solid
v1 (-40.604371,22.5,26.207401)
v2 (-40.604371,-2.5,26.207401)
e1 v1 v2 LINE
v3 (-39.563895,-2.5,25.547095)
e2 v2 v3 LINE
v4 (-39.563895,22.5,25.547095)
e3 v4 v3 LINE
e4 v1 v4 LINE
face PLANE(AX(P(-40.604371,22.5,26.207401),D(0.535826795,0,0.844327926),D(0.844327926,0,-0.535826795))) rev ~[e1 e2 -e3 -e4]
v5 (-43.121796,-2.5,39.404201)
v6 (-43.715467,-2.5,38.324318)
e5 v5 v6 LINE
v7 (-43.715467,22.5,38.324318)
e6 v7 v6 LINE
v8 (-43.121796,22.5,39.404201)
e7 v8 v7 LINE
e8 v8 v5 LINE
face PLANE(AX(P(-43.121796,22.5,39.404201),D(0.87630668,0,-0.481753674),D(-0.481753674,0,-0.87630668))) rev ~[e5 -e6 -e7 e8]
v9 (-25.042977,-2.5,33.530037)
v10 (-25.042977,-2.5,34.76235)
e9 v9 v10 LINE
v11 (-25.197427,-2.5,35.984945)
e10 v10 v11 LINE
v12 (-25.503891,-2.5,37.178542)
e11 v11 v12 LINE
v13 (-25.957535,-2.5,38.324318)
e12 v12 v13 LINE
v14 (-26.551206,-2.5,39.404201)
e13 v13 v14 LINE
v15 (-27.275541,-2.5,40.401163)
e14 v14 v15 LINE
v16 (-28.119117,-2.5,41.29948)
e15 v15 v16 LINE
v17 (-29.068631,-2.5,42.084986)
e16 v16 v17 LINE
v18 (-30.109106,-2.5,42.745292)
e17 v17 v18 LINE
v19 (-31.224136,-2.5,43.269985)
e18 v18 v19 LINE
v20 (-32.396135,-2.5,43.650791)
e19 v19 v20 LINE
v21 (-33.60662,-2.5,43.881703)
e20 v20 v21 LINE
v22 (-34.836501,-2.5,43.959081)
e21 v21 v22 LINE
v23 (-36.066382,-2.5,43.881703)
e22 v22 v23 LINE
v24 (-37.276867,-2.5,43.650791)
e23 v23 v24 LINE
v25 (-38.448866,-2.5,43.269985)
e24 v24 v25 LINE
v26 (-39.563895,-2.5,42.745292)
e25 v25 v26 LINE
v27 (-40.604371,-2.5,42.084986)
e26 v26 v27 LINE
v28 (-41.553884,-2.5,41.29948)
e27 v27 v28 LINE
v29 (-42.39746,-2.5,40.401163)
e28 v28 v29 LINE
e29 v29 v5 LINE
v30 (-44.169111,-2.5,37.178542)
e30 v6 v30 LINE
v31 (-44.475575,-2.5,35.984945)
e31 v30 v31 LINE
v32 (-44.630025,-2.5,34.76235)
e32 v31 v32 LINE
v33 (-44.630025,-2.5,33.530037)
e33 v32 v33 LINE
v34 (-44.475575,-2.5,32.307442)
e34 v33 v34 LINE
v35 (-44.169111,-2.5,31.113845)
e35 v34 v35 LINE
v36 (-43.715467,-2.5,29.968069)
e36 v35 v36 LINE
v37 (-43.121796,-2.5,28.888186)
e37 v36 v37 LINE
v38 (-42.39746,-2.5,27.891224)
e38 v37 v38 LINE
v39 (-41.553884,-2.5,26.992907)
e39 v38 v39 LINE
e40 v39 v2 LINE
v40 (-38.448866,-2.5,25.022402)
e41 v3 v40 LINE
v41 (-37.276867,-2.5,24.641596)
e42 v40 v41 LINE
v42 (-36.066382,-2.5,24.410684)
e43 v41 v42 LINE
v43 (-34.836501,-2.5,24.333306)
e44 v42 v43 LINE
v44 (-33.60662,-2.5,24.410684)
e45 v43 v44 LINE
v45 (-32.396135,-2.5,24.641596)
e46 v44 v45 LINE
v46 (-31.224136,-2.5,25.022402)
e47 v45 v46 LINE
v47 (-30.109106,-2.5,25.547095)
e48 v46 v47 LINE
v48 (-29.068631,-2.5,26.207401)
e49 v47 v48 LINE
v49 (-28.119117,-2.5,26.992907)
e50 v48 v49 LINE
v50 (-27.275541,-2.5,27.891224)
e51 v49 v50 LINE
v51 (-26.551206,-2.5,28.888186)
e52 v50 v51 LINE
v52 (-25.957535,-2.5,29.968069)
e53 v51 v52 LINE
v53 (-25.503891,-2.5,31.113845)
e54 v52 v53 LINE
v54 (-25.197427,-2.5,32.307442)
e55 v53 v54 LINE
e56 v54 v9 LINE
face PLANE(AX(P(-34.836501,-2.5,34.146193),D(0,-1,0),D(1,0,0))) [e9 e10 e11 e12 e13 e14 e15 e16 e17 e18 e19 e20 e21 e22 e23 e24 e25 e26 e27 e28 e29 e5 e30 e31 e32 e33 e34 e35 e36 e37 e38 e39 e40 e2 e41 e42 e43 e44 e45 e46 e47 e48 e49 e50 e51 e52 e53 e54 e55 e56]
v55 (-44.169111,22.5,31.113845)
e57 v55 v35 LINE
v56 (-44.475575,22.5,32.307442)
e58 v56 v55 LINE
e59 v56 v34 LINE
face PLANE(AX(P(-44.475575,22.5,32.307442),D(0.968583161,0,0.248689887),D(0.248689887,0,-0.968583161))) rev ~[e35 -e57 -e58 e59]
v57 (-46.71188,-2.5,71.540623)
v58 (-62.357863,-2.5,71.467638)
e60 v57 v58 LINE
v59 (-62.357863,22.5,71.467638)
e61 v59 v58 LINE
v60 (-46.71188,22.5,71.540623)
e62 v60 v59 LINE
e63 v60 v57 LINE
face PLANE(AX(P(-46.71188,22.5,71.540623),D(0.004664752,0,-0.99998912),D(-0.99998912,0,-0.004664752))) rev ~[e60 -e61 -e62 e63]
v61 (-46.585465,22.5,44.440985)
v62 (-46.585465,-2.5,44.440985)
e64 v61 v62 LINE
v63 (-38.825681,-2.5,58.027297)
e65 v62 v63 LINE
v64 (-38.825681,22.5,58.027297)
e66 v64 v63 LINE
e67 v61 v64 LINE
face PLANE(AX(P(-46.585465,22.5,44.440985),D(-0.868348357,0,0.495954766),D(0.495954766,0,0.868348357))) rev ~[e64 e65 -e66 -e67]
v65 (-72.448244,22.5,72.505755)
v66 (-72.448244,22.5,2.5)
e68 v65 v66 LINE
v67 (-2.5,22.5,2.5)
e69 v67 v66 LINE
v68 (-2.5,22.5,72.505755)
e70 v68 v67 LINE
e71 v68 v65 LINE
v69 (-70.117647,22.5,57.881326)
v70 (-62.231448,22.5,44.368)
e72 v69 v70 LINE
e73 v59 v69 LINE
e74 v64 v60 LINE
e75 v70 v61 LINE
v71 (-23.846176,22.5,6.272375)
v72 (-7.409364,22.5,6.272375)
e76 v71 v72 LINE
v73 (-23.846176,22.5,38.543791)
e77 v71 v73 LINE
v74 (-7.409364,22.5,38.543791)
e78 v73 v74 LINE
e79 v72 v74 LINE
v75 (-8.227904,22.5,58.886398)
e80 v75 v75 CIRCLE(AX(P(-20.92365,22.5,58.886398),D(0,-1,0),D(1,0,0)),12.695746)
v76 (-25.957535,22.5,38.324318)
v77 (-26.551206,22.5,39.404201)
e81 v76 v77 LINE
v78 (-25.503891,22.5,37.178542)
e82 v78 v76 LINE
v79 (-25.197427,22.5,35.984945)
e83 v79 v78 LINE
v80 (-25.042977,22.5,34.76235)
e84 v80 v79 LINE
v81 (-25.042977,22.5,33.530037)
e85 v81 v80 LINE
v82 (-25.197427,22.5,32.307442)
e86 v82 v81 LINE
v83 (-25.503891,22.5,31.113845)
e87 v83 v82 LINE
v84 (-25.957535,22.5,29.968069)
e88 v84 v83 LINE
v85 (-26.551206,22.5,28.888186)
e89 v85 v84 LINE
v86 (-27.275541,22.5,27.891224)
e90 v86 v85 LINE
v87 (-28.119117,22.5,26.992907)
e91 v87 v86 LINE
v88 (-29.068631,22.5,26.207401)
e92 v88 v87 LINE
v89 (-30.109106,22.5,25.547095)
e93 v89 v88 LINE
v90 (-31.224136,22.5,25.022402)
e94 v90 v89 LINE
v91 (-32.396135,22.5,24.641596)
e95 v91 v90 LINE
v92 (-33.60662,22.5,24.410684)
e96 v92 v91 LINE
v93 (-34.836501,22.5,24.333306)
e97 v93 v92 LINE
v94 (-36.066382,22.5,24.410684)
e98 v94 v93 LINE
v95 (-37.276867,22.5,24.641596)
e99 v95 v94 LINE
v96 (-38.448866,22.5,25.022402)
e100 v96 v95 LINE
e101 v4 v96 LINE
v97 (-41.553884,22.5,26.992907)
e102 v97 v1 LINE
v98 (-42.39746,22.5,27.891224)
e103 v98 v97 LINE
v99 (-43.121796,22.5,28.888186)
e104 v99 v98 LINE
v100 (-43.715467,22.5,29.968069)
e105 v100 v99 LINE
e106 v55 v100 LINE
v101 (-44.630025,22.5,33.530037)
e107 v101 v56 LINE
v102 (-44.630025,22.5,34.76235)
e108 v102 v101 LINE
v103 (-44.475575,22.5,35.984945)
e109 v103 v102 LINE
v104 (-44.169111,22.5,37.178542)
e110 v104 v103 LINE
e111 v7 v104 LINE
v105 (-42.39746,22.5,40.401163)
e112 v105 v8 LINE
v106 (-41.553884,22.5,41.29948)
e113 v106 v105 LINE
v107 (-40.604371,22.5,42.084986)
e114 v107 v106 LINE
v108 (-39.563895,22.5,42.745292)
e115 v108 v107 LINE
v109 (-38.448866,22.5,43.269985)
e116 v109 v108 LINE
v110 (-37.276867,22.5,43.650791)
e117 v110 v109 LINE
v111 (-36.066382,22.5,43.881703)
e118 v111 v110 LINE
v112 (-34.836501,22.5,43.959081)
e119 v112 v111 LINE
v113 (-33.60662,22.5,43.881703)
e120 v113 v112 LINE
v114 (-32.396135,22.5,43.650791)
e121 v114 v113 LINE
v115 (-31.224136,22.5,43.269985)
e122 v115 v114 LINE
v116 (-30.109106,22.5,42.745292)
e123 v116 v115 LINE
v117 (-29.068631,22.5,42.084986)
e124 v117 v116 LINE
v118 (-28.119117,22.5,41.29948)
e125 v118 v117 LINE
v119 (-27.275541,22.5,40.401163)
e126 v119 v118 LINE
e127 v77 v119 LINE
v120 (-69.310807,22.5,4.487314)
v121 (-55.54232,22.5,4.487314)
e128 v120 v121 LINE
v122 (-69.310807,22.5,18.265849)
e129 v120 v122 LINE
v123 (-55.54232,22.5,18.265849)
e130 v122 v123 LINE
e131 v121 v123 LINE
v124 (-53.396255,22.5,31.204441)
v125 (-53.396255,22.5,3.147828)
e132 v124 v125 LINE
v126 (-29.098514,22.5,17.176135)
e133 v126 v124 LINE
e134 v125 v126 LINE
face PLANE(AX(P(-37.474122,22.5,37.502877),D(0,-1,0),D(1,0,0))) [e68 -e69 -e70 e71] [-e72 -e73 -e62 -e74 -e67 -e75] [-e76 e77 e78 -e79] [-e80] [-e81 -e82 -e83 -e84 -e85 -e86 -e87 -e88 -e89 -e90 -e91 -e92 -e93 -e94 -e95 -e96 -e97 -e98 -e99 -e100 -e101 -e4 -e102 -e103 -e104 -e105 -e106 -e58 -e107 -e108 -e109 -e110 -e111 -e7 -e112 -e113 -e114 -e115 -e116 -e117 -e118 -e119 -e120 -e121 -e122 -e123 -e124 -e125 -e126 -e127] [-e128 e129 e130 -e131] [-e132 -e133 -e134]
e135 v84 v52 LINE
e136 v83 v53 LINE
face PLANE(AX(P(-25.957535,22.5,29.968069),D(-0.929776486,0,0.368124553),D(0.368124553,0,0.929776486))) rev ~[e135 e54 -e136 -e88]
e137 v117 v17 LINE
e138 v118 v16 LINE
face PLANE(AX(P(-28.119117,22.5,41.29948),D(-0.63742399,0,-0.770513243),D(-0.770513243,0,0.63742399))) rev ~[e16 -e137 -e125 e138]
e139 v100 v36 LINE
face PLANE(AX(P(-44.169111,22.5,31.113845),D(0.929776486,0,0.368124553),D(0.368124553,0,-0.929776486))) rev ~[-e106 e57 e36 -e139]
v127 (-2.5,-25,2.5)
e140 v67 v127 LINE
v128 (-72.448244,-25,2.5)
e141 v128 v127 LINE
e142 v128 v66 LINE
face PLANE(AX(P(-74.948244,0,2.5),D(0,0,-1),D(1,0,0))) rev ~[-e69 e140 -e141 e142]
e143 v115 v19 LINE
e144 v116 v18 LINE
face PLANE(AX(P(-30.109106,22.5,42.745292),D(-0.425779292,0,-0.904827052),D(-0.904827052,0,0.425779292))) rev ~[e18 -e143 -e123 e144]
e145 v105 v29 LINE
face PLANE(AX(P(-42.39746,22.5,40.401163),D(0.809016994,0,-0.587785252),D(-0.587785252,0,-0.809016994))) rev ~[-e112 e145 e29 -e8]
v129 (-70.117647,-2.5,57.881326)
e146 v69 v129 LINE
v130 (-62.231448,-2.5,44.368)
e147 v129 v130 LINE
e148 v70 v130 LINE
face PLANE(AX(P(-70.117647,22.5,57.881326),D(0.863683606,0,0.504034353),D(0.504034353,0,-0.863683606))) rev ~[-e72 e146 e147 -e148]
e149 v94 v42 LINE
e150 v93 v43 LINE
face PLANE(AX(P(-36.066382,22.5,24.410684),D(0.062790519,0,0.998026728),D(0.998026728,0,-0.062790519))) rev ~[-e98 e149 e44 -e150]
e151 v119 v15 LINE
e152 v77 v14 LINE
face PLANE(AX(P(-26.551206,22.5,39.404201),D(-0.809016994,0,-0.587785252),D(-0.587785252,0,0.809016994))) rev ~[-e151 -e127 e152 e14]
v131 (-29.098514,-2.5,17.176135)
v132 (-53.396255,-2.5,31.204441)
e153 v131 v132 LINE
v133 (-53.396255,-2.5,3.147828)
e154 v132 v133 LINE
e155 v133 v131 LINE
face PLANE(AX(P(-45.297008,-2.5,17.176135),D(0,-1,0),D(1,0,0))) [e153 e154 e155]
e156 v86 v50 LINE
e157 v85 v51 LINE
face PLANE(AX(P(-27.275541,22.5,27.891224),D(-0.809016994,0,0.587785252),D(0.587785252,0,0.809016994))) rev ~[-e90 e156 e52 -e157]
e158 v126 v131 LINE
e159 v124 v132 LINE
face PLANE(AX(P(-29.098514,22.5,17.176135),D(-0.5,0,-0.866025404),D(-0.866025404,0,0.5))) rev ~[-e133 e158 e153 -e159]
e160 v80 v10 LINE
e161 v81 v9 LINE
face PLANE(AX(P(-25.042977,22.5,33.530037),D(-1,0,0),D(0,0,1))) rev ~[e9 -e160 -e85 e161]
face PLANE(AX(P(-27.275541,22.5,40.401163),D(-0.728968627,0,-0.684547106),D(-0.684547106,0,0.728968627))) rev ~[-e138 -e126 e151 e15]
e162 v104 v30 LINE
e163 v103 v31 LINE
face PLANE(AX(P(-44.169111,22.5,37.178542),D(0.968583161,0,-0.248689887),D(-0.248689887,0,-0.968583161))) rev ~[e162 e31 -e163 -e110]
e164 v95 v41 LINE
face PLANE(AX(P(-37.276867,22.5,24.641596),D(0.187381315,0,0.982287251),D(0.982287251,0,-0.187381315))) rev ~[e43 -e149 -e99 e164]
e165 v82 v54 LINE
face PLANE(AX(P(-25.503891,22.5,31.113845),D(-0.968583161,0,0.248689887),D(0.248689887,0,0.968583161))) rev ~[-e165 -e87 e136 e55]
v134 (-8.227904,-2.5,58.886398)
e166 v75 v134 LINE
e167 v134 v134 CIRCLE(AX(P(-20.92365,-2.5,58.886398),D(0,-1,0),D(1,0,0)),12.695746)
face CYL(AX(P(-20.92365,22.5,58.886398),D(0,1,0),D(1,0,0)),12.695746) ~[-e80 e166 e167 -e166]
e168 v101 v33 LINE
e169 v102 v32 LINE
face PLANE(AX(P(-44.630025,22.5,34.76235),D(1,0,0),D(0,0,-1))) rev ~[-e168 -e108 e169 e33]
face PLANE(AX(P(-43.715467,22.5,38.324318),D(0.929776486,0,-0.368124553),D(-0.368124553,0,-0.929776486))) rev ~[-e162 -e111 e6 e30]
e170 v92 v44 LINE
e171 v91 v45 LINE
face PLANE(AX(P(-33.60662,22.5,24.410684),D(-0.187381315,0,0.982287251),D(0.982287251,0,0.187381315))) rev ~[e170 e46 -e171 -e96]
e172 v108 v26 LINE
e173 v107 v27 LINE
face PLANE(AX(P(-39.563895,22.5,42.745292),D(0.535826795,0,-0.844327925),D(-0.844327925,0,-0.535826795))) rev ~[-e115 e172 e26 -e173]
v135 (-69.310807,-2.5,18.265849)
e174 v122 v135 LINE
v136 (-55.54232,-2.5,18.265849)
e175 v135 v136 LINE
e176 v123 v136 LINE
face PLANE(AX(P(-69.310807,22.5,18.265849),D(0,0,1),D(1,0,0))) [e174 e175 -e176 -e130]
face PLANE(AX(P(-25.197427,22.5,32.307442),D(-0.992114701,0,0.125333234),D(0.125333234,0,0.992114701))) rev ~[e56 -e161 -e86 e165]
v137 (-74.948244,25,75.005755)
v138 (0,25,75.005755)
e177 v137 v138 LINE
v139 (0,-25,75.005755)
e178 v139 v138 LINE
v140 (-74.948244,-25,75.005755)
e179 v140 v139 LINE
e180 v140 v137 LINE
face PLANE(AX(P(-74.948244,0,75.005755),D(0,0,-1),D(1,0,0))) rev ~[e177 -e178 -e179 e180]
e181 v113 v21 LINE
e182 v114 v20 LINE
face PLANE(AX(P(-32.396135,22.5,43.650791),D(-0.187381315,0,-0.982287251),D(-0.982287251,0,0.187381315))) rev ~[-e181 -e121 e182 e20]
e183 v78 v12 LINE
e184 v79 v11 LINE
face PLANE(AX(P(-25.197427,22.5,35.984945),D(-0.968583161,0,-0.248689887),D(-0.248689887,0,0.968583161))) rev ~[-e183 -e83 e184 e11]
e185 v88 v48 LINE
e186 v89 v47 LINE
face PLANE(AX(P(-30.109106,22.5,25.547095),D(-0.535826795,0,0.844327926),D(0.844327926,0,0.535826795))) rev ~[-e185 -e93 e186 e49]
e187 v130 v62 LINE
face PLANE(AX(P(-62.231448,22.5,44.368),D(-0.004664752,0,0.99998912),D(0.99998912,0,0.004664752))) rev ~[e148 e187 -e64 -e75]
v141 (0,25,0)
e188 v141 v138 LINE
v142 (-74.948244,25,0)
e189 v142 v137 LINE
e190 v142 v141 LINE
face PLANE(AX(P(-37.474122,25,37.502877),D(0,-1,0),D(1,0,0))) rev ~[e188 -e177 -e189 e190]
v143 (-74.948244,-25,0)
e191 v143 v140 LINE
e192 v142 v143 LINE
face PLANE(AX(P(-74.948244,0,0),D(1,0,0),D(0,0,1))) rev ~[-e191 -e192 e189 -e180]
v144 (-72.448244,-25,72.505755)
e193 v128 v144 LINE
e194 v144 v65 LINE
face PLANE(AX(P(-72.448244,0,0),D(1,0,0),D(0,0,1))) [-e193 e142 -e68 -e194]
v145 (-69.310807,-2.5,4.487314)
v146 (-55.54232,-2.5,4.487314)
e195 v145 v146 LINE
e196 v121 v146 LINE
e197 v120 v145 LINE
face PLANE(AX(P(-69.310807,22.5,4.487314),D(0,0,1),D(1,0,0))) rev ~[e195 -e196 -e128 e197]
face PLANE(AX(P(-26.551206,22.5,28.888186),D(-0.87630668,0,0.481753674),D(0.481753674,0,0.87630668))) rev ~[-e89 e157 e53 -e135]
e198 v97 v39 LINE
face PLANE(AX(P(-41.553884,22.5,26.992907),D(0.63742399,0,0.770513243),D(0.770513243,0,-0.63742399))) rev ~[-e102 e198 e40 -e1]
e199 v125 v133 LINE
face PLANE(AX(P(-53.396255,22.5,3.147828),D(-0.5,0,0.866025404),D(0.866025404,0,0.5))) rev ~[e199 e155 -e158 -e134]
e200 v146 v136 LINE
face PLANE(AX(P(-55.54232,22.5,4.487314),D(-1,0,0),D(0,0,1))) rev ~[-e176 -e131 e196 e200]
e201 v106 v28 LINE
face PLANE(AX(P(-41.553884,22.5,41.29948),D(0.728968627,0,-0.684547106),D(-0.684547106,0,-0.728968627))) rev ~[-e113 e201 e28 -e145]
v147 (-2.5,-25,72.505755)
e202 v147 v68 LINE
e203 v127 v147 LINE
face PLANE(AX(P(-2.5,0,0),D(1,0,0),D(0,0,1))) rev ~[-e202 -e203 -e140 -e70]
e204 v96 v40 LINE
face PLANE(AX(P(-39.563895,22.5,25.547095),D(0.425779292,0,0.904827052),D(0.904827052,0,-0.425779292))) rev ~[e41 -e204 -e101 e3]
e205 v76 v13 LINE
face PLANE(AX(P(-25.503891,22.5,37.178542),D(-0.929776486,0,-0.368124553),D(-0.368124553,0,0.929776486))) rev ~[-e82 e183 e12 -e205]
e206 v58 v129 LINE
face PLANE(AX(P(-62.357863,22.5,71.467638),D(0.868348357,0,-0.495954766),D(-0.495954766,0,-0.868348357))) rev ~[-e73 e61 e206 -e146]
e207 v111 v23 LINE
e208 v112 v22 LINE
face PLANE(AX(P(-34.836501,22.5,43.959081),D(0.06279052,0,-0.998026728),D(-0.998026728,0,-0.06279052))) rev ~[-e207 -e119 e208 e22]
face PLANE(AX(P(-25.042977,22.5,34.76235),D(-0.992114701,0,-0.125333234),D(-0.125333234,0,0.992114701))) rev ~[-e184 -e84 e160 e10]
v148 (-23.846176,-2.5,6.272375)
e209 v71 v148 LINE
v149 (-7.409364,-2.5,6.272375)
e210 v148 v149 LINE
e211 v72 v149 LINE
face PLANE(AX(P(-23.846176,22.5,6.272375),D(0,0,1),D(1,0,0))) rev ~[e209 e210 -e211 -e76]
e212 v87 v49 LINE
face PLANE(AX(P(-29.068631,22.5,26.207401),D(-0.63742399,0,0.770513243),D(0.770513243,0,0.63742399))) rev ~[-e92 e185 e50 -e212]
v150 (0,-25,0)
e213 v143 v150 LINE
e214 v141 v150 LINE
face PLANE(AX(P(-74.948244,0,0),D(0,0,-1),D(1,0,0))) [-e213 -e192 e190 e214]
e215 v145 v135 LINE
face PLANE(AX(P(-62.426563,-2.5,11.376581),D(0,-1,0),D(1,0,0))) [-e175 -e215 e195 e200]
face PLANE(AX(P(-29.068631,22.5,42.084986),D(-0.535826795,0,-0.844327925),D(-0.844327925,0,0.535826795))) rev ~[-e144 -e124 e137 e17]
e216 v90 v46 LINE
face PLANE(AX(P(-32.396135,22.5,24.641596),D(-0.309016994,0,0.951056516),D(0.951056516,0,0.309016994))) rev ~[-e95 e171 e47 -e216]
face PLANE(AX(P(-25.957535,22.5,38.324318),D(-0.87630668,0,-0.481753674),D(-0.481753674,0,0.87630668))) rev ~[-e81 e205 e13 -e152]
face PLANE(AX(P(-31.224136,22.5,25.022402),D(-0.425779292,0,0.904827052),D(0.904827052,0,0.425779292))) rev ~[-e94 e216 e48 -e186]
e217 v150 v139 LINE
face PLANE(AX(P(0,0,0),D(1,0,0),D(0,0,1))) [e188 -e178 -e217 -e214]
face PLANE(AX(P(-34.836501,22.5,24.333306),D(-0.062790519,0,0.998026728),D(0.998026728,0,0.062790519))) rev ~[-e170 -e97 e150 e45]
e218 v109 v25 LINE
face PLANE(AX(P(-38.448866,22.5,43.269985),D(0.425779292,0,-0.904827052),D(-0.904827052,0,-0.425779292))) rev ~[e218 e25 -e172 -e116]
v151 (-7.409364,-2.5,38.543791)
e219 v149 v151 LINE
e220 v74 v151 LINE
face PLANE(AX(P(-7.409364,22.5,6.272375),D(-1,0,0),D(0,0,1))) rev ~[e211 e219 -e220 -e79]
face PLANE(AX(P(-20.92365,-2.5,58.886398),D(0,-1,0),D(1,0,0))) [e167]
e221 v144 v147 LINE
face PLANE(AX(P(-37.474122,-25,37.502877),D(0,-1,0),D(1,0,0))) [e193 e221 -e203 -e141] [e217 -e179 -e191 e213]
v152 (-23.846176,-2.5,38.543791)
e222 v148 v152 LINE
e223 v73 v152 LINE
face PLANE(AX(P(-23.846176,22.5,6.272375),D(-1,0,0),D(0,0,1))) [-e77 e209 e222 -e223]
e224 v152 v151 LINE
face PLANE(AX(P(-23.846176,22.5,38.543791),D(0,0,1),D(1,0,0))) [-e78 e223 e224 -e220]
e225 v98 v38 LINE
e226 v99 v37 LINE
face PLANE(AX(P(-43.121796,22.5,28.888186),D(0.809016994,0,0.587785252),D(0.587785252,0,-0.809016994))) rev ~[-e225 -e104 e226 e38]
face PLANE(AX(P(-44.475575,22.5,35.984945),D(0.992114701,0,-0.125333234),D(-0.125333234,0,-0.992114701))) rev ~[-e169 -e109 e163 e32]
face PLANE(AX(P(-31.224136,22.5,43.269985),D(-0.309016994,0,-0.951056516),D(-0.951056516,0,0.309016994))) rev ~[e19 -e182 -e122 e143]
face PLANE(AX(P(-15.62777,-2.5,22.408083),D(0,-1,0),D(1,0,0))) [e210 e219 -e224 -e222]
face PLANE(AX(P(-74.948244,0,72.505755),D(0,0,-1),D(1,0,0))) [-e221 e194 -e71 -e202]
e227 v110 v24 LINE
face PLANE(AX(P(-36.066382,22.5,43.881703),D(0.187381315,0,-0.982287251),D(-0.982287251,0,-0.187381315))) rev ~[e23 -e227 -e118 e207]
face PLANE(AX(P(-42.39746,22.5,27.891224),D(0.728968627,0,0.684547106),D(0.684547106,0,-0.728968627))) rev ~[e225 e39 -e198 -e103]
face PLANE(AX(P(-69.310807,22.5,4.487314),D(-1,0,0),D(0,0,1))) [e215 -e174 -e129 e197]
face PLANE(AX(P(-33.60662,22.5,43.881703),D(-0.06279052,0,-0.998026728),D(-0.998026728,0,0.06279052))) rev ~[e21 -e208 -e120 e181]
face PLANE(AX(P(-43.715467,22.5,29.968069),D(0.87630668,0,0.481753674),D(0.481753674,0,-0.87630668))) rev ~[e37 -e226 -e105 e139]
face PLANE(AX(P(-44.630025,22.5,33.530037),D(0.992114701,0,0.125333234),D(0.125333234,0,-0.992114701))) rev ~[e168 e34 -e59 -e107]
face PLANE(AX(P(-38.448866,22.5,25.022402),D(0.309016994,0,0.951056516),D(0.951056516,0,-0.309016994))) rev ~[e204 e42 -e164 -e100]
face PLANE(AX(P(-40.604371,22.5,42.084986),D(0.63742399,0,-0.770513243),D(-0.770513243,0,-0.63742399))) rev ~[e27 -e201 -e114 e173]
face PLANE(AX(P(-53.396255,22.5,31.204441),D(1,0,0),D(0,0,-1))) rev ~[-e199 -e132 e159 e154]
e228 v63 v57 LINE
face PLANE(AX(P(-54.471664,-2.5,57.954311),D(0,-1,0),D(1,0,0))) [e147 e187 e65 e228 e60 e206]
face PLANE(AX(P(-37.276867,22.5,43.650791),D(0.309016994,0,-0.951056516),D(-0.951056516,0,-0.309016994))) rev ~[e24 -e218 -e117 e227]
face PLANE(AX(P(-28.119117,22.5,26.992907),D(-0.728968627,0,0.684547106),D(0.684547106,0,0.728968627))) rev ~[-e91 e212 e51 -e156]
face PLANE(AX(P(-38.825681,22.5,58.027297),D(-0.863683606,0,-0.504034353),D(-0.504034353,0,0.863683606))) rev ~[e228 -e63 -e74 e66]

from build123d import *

# Parameters (mm, degrees)
F0_W      = 74.9482437968
F0_H      = 75.0057548285
F1_DEPTH  = 25
F2_DEPTH  = 25
F3_T      = -2.5
F5_DEPTH  = 25
F6_R      = 12.6957463679
F7_DEPTH  = 25
F8_W      = 16.4368115366
F8_H      = 32.2714154609
F9_DEPTH  = 25
F11_DEPTH = 25
F12_W     = 13.7684866786
F12_H     = 13.7785351835
F13_DEPTH = 25
F15_DEPTH = 25


with BuildPart() as f1:
    # F0 (on Front) → F1 (new body)
    with BuildSketch(Plane.XZ):
        with Locations((-37.4741218984, 37.5028774142)):
            Rectangle(F0_W, F0_H)
    extrude(amount=F1_DEPTH)

    # F2 (add): a face of the model
    f2_faces = [f1.faces().sort_by_distance(p)[0] for p in [
        (-37.4741218984, 0, 37.5028774142),
    ]]
    extrude(f2_faces, amount=F2_DEPTH)

    # F3
    f3_openings = [f1.faces().sort_by_distance(p)[0] for p in [
        (-37.474122, -25, 37.502877),
    ]]
    offset(amount=F3_T, openings=f3_openings)

    # F4 (on face) → F5 (join)
    with BuildSketch(Plane.XZ.offset(-22.5)):
        Polygon((-46.5854653187, 44.4409851923), (-38.8256809644, 58.027296792), (-46.7118797764, 71.5406229706), (-62.3578629427, 71.4676375494), (-70.1176472969, 57.8813259497), (-62.231448485, 44.3679997711), align=None)
    extrude(amount=F5_DEPTH)

    # F6 (on face) → F7 (join)
    with BuildSketch(Plane.XZ.offset(-22.5)):
        with Locations((-20.9236498922, 58.88639763)):
            Circle(F6_R)
    extrude(amount=F7_DEPTH)

    # F8 (on face) → F9 (join)
    with BuildSketch(Plane.XZ.offset(-22.5)):
        with Locations((-15.6277697533, 22.4080828484)):
            Rectangle(F8_W, F8_H)
    extrude(amount=F9_DEPTH)

    # F10 (on face) → F11 (join)
    with BuildSketch(Plane.XZ.offset(-22.5)):
        Polygon((-53.3962547779, 31.2044414208), (-53.3962547779, 3.1478276029), (-29.0985144675, 17.1761345118), align=None)
    extrude(amount=F11_DEPTH)

    # F12 (on face) → F13 (join)
    with BuildSketch(Plane.XZ.offset(-22.5)):
        with Locations((-62.4265633523, 11.3765813876)):
            Rectangle(F12_W, F12_H)
    extrude(amount=F13_DEPTH)

    # F14 (on face) → F15 (join)
    with BuildSketch(Plane.XZ.offset(-22.5)):
        Polygon((-44.6300245821, 34.7623496997), (-44.6300245821, 33.5300371302), (-44.475574863, 32.3074417133), (-44.1691111892, 31.1138445092), (-43.7154666758, 29.9680692588), (-43.1217955677, 28.8881855222), (-42.3974604132, 27.8912237111), (-41.5538844101, 26.9929065087), (-40.604371256, 26.207400914), (-39.5638953406, 25.5470948195), (-38.4488655906, 25.0224016466), (-37.2768666912, 24.6415961203), (-36.0663817653, 24.410683771), (-34.8365008831, 24.3333062246), (-33.6066200009, 24.410683771), (-32.396135075, 24.6415961203), (-31.2241361756, 25.0224016466), (-30.1091064256, 25.5470948195), (-29.0686305102, 26.207400914), (-28.1191173561, 26.9929065087), (-27.2755413531, 27.8912237111), (-26.5512061985, 28.8881855222), (-25.9575350905, 29.9680692588), (-25.503890577, 31.1138445092), (-25.1974269032, 32.3074417133), (-25.0429771841, 33.5300371302), (-25.0429771841, 34.7623496997), (-25.1974269032, 35.9849451165), (-25.503890577, 37.1785423206), (-25.9575350905, 38.3243175711), (-26.5512061985, 39.4042013076), (-27.2755413531, 40.4011631188), (-28.1191173561, 41.2994803211), (-29.0686305102, 42.0849859158), (-30.1091064256, 42.7452920104), (-31.2241361756, 43.2699851832), (-32.396135075, 43.6507907096), (-33.6066200009, 43.8817030588), (-34.8365008831, 43.9590806053), (-36.0663817653, 43.8817030588), (-37.2768666912, 43.6507907096), (-38.4488655906, 43.2699851832), (-39.5638953406, 42.7452920104), (-40.604371256, 42.0849859158), (-41.5538844101, 41.2994803211), (-42.3974604132, 40.4011631188), (-43.1217955677, 39.4042013076), (-43.7154666758, 38.3243175711), (-44.1691111892, 37.1785423206), (-44.475574863, 35.9849451165), align=None)
    extrude(amount=F15_DEPTH)


solid = f1.part
